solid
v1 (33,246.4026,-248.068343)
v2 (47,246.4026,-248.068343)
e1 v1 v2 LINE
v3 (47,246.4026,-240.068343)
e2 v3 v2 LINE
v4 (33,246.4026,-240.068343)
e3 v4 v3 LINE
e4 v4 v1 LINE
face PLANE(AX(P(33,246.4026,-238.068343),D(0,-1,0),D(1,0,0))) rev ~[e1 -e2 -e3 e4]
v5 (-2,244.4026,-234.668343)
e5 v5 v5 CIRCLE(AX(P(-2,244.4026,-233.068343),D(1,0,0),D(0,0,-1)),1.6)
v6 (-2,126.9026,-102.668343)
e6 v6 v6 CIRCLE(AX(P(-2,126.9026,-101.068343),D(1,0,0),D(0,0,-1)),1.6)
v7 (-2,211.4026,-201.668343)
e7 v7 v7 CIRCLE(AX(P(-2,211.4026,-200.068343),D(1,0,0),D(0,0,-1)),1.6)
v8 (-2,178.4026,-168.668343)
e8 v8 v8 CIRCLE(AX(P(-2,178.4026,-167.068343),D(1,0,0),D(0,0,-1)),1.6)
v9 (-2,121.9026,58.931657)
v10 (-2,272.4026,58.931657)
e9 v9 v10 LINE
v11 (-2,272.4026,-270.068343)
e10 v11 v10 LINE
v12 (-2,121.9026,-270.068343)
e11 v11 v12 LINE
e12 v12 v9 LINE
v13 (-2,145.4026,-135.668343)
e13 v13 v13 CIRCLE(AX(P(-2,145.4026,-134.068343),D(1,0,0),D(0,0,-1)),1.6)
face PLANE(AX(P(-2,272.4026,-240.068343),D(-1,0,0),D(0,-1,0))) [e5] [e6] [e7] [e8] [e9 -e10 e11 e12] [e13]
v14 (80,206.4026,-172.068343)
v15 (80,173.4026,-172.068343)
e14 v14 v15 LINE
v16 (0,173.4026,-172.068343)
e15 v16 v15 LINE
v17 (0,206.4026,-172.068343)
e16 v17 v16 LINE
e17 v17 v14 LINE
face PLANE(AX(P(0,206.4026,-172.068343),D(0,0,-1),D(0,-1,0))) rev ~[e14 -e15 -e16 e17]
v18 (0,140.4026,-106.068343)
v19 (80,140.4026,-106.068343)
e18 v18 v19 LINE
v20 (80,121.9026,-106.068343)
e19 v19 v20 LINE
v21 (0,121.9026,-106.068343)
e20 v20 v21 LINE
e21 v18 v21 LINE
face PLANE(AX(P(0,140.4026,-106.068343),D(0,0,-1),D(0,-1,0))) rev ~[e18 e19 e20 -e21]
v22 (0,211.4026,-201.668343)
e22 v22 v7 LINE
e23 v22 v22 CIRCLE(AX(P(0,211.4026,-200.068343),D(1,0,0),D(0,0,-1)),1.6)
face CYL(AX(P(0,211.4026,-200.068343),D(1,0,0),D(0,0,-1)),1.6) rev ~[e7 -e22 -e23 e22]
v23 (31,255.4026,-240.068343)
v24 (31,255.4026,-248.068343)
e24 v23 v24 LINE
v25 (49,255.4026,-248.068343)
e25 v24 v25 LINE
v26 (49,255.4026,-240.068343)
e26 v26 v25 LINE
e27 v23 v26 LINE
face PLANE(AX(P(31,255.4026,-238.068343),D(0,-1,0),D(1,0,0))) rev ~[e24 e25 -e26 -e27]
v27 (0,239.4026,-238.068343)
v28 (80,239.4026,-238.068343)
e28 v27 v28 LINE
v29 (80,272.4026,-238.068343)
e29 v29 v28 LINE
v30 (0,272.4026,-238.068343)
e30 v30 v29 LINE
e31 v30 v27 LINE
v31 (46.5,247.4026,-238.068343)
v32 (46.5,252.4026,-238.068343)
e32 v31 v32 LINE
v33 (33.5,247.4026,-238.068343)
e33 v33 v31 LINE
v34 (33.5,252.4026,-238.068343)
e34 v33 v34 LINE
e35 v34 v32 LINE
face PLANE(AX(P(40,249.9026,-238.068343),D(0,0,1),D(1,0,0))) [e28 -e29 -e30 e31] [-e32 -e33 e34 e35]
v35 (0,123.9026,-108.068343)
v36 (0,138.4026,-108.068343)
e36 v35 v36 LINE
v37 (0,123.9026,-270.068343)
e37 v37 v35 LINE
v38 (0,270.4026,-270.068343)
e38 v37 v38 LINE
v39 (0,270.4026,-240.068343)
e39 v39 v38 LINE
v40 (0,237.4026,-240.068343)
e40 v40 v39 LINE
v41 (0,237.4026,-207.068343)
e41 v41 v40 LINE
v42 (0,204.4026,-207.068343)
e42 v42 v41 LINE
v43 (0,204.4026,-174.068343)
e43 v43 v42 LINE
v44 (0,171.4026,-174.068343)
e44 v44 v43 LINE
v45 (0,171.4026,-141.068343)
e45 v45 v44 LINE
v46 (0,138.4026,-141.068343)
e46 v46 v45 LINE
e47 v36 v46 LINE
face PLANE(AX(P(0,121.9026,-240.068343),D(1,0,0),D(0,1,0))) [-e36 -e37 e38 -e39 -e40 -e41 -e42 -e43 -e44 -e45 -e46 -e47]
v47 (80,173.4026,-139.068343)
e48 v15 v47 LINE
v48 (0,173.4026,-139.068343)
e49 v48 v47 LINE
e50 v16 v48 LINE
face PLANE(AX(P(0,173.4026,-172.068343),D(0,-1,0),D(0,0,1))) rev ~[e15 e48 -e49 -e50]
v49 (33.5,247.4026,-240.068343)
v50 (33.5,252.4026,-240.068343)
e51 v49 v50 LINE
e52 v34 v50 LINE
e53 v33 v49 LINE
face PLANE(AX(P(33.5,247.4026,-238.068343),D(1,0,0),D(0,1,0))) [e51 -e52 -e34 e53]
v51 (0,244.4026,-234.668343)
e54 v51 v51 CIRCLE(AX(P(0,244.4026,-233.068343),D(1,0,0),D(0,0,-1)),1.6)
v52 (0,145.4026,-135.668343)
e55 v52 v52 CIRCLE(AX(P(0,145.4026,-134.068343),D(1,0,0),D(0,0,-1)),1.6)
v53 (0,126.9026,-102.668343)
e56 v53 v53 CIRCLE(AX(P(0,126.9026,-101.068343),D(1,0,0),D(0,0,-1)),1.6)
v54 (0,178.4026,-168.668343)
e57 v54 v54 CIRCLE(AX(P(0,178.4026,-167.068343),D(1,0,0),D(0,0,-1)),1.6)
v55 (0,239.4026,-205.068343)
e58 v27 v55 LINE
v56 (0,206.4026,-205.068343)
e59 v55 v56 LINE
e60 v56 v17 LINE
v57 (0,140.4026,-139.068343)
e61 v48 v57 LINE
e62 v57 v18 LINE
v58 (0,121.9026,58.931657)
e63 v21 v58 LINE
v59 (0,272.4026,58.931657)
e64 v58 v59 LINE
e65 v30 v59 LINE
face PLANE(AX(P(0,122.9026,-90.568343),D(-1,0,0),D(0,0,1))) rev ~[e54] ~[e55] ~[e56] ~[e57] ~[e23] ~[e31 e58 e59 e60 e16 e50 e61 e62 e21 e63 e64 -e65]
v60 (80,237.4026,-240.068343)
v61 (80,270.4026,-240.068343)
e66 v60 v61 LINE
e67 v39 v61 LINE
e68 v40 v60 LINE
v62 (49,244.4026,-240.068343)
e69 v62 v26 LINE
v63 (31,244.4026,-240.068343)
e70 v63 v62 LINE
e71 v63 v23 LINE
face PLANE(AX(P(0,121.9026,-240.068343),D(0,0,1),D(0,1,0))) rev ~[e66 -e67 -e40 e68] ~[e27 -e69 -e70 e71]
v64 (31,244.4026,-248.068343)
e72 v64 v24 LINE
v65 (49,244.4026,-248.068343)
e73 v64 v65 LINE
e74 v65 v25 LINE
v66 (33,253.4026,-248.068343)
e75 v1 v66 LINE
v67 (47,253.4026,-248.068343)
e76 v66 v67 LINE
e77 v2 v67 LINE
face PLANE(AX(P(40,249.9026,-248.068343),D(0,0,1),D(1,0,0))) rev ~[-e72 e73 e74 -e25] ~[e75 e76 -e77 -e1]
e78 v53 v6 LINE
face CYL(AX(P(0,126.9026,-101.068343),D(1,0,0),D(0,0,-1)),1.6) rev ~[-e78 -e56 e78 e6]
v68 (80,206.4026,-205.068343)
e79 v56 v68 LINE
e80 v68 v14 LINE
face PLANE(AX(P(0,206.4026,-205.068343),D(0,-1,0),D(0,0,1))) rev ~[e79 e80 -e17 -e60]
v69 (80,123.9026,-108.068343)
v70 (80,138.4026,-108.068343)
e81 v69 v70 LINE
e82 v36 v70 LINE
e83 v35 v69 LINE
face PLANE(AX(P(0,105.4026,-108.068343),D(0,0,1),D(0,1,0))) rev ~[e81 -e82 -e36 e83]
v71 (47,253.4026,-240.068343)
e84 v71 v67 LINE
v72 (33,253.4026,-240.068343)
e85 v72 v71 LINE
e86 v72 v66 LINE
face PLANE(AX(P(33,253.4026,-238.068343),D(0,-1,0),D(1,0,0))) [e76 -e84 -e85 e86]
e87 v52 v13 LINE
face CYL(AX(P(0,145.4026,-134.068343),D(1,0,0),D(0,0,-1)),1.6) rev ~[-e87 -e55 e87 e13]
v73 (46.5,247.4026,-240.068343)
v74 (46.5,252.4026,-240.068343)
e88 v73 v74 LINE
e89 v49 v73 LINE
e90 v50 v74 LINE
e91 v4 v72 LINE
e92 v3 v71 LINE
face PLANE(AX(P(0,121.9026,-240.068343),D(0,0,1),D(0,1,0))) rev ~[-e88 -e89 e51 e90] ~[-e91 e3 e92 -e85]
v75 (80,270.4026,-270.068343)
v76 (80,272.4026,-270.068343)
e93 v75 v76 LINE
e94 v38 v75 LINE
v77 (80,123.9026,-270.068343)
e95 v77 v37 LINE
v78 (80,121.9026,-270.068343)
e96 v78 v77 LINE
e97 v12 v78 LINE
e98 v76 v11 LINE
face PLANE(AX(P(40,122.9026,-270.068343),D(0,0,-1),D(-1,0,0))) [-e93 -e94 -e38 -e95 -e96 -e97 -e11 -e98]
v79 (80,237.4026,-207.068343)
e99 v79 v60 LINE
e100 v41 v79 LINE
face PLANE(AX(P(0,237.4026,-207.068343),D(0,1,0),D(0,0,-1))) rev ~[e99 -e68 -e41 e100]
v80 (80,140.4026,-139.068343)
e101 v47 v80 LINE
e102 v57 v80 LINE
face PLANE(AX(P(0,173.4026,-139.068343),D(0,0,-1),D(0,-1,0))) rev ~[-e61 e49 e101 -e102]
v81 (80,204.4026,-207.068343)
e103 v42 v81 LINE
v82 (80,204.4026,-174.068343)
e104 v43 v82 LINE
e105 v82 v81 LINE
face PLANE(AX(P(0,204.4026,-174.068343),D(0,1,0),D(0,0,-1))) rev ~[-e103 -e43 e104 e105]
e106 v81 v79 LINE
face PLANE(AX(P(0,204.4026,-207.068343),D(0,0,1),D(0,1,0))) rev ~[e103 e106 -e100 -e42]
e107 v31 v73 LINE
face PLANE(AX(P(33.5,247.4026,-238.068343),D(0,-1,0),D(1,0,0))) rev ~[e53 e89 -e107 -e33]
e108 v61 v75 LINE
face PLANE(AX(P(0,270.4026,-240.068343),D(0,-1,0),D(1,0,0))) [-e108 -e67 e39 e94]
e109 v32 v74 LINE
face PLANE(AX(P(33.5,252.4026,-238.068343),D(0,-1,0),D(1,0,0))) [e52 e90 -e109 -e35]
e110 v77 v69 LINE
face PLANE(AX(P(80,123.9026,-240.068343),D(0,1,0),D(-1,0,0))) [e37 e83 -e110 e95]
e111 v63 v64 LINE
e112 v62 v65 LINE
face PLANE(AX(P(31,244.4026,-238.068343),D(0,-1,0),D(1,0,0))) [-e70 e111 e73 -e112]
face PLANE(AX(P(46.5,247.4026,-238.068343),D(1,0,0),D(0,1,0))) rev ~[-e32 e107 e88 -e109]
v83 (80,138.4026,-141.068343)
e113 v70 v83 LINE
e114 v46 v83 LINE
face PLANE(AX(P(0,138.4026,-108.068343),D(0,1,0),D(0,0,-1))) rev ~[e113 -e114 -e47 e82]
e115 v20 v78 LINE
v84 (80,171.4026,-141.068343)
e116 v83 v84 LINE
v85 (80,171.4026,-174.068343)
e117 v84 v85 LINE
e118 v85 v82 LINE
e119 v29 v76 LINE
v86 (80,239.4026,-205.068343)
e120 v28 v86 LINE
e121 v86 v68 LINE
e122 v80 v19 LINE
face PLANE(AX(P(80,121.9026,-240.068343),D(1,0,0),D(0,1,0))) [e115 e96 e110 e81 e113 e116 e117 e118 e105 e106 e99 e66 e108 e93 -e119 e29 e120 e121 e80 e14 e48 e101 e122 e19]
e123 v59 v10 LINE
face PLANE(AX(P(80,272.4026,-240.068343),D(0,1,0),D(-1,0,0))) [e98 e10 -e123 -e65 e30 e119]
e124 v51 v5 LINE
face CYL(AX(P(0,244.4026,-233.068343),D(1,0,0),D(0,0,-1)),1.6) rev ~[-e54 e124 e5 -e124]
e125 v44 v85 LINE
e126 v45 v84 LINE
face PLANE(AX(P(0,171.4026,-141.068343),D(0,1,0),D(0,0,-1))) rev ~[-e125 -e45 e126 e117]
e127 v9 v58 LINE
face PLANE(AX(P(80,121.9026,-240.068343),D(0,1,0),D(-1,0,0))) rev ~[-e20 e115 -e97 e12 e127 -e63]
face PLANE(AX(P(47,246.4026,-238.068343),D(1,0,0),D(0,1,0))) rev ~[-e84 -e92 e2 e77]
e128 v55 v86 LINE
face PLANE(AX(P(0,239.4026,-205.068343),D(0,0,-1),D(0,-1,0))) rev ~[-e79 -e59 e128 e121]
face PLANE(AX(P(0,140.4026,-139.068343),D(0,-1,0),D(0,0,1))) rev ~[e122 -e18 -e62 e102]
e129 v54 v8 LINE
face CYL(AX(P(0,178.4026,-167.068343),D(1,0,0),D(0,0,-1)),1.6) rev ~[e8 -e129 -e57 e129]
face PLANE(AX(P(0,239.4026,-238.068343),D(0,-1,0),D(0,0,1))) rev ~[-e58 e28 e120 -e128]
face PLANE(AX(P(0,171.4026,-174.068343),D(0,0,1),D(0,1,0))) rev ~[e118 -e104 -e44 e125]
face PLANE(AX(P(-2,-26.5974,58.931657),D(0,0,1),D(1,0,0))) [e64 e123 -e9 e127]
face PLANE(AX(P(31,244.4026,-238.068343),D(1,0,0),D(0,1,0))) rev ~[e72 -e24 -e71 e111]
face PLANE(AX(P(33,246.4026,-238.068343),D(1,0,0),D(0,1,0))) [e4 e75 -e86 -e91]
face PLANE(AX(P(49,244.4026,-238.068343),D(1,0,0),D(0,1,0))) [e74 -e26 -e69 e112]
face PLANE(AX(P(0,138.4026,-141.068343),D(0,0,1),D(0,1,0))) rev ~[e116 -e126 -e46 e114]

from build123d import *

# Parameters (mm, degrees)
BOSS_EXTRUDE1_DEPTH = 80
SKETCH3_W           = 299
SKETCH3_H           = 299
BOSS_EXTRUDE2_DEPTH = 2
SKETCH4_W           = 82
SKETCH4_H           = 299
BOSS_EXTRUDE3_DEPTH = 2
SKETCH6_W           = 299
SKETCH6_H           = 150.5
CUT_EXTRUDE1_DEPTH  = 82
SKETCH7_W           = 132
SKETCH7_H           = 2
BOSS_EXTRUDE4_DEPTH = 80
SKETCH8_R           = 1.6
CUT_EXTRUDE2_DEPTH  = 2
SKETCH12_W          = 13
SKETCH12_H          = 5
CUT_EXTRUDE4_DEPTH  = 2
SKETCH14_W          = 18
SKETCH14_H          = 11
SKETCH14_W_2        = 14
SKETCH14_H_2        = 7
BOSS_EXTRUDE5_DEPTH = 10
BOSS_EXTRUDE6_DEPTH = 30
SKETCH16_W          = 80
SKETCH16_H          = 2
BOSS_EXTRUDE7_DEPTH = 30


with BuildPart() as part:
    # Sketch1 → Boss-Extrude1 (new body)
    with BuildSketch(Plane(origin=(0, 0, 0), x_dir=(0, 0, -1), z_dir=(1, 0, 0))):
        Polygon((-23.931657395, -26.597399746), (-23.931657395, 6.402600254), (9.068342605, 6.402600254), (9.068342605, 39.402600254), (42.068342605, 39.402600254), (42.068342605, 72.402600254), (75.068342605, 72.402600254), (75.068342605, 105.402600254), (108.068342605, 105.402600254), (108.068342605, 138.402600254), (141.068342605, 138.402600254), (141.068342605, 171.402600254), (174.068342605, 171.402600254), (174.068342605, 204.402600254), (207.068342605, 204.402600254), (207.068342605, 237.402600254), (240.068342605, 237.402600254), (240.068342605, 272.402600254), (238.068342605, 272.402600254), (238.068342605, 239.402600254), (205.068342605, 239.402600254), (205.068342605, 206.402600254), (172.068342605, 206.402600254), (172.068342605, 173.402600254), (139.068342605, 173.402600254), (139.068342605, 140.402600254), (106.068342605, 140.402600254), (106.068342605, 107.402600254), (73.068342605, 107.402600254), (73.068342605, 74.402600254), (40.068342605, 74.402600254), (40.068342605, 41.402600254), (7.068342605, 41.402600254), (7.068342605, 8.402600254), (-25.931657395, 8.402600254), (-25.931657395, -24.597399746), (-58.931657395, -24.597399746), (-58.931657395, -26.597399746), align=None)
    extrude(amount=BOSS_EXTRUDE1_DEPTH)

    # Sketch3 → Boss-Extrude2 (add)
    with BuildSketch(Plane.ZY):
        with Locations((-90.568342605, 122.902600254)):
            Rectangle(SKETCH3_W, SKETCH3_H)
    extrude(amount=BOSS_EXTRUDE2_DEPTH)

    # Sketch4 → Boss-Extrude3 (add)
    with BuildSketch(Plane.XZ.offset(26.597399746)):
        with Locations((39, -90.568342605)):
            Rectangle(SKETCH4_W, SKETCH4_H)
    extrude(amount=BOSS_EXTRUDE3_DEPTH)

    # Sketch6 → Cut-Extrude1 (cut)
    with BuildSketch(Plane.ZY.offset(2)):
        with Locations((-90.568342605, 46.652600254)):
            Rectangle(SKETCH6_W, SKETCH6_H)
    extrude(amount=-CUT_EXTRUDE1_DEPTH, mode=Mode.SUBTRACT)

    # Sketch7 → Boss-Extrude4 (add)
    with BuildSketch(Plane(origin=(0, 0, 0), x_dir=(0, 0, -1), z_dir=(1, 0, 0))):
        with Locations((174.068342605, 122.902600254)):
            Rectangle(SKETCH7_W, SKETCH7_H)
    extrude(amount=BOSS_EXTRUDE4_DEPTH)

    # Sketch8 → Cut-Extrude2 (cut)
    with BuildSketch(Plane(origin=(0, 0, 0), x_dir=(0, 0, -1), z_dir=(1, 0, 0))):
        with Locations((101.068342605, 126.902600254)):
            Circle(SKETCH8_R)
        with Locations((134.068342605, 145.402600254)):
            Circle(SKETCH8_R)
        with Locations((167.068342605, 178.402600254)):
            Circle(SKETCH8_R)
        with Locations((200.068342605, 211.402600254)):
            Circle(SKETCH8_R)
        with Locations((233.068342605, 244.402600254)):
            Circle(SKETCH8_R)
    extrude(amount=-CUT_EXTRUDE2_DEPTH, mode=Mode.SUBTRACT)

    # Sketch12 → Cut-Extrude4 (cut)
    with BuildSketch(Plane.XY.offset(-238.068342605)):
        with Locations((40, 249.902600254)):
            Rectangle(SKETCH12_W, SKETCH12_H)
    extrude(amount=-CUT_EXTRUDE4_DEPTH, mode=Mode.SUBTRACT)

    # Sketch14 → Boss-Extrude5 (add)
    with BuildSketch(Plane.XY.offset(-238.068342605)):
        with Locations((40, 249.902600254)):
            Rectangle(SKETCH14_W, SKETCH14_H)
        with Locations((40, 249.902600254)):
            Rectangle(SKETCH14_W_2, SKETCH14_H_2, mode=Mode.SUBTRACT)
    extrude(amount=-BOSS_EXTRUDE5_DEPTH)

    # Sketch15 → Boss-Extrude6 (add)
    with BuildSketch(Plane(origin=(0, 0, -240.068342605), x_dir=(-1, 0, 0), z_dir=(0, 0, -1))):
        Polygon((-80, 272.402600254), (2, 272.402600254), (2, 121.902600254), (0, 121.902600254), (0, 270.402600254), (-80, 270.402600254), align=None)
    extrude(amount=BOSS_EXTRUDE6_DEPTH)

    # Sketch16 → Boss-Extrude7 (add)
    with BuildSketch(Plane(origin=(0, 0, -240.068342605), x_dir=(-1, 0, 0), z_dir=(0, 0, -1))):
        with Locations((-40, 122.902600254)):
            Rectangle(SKETCH16_W, SKETCH16_H)
    extrude(amount=BOSS_EXTRUDE7_DEPTH)


solid = part.part
